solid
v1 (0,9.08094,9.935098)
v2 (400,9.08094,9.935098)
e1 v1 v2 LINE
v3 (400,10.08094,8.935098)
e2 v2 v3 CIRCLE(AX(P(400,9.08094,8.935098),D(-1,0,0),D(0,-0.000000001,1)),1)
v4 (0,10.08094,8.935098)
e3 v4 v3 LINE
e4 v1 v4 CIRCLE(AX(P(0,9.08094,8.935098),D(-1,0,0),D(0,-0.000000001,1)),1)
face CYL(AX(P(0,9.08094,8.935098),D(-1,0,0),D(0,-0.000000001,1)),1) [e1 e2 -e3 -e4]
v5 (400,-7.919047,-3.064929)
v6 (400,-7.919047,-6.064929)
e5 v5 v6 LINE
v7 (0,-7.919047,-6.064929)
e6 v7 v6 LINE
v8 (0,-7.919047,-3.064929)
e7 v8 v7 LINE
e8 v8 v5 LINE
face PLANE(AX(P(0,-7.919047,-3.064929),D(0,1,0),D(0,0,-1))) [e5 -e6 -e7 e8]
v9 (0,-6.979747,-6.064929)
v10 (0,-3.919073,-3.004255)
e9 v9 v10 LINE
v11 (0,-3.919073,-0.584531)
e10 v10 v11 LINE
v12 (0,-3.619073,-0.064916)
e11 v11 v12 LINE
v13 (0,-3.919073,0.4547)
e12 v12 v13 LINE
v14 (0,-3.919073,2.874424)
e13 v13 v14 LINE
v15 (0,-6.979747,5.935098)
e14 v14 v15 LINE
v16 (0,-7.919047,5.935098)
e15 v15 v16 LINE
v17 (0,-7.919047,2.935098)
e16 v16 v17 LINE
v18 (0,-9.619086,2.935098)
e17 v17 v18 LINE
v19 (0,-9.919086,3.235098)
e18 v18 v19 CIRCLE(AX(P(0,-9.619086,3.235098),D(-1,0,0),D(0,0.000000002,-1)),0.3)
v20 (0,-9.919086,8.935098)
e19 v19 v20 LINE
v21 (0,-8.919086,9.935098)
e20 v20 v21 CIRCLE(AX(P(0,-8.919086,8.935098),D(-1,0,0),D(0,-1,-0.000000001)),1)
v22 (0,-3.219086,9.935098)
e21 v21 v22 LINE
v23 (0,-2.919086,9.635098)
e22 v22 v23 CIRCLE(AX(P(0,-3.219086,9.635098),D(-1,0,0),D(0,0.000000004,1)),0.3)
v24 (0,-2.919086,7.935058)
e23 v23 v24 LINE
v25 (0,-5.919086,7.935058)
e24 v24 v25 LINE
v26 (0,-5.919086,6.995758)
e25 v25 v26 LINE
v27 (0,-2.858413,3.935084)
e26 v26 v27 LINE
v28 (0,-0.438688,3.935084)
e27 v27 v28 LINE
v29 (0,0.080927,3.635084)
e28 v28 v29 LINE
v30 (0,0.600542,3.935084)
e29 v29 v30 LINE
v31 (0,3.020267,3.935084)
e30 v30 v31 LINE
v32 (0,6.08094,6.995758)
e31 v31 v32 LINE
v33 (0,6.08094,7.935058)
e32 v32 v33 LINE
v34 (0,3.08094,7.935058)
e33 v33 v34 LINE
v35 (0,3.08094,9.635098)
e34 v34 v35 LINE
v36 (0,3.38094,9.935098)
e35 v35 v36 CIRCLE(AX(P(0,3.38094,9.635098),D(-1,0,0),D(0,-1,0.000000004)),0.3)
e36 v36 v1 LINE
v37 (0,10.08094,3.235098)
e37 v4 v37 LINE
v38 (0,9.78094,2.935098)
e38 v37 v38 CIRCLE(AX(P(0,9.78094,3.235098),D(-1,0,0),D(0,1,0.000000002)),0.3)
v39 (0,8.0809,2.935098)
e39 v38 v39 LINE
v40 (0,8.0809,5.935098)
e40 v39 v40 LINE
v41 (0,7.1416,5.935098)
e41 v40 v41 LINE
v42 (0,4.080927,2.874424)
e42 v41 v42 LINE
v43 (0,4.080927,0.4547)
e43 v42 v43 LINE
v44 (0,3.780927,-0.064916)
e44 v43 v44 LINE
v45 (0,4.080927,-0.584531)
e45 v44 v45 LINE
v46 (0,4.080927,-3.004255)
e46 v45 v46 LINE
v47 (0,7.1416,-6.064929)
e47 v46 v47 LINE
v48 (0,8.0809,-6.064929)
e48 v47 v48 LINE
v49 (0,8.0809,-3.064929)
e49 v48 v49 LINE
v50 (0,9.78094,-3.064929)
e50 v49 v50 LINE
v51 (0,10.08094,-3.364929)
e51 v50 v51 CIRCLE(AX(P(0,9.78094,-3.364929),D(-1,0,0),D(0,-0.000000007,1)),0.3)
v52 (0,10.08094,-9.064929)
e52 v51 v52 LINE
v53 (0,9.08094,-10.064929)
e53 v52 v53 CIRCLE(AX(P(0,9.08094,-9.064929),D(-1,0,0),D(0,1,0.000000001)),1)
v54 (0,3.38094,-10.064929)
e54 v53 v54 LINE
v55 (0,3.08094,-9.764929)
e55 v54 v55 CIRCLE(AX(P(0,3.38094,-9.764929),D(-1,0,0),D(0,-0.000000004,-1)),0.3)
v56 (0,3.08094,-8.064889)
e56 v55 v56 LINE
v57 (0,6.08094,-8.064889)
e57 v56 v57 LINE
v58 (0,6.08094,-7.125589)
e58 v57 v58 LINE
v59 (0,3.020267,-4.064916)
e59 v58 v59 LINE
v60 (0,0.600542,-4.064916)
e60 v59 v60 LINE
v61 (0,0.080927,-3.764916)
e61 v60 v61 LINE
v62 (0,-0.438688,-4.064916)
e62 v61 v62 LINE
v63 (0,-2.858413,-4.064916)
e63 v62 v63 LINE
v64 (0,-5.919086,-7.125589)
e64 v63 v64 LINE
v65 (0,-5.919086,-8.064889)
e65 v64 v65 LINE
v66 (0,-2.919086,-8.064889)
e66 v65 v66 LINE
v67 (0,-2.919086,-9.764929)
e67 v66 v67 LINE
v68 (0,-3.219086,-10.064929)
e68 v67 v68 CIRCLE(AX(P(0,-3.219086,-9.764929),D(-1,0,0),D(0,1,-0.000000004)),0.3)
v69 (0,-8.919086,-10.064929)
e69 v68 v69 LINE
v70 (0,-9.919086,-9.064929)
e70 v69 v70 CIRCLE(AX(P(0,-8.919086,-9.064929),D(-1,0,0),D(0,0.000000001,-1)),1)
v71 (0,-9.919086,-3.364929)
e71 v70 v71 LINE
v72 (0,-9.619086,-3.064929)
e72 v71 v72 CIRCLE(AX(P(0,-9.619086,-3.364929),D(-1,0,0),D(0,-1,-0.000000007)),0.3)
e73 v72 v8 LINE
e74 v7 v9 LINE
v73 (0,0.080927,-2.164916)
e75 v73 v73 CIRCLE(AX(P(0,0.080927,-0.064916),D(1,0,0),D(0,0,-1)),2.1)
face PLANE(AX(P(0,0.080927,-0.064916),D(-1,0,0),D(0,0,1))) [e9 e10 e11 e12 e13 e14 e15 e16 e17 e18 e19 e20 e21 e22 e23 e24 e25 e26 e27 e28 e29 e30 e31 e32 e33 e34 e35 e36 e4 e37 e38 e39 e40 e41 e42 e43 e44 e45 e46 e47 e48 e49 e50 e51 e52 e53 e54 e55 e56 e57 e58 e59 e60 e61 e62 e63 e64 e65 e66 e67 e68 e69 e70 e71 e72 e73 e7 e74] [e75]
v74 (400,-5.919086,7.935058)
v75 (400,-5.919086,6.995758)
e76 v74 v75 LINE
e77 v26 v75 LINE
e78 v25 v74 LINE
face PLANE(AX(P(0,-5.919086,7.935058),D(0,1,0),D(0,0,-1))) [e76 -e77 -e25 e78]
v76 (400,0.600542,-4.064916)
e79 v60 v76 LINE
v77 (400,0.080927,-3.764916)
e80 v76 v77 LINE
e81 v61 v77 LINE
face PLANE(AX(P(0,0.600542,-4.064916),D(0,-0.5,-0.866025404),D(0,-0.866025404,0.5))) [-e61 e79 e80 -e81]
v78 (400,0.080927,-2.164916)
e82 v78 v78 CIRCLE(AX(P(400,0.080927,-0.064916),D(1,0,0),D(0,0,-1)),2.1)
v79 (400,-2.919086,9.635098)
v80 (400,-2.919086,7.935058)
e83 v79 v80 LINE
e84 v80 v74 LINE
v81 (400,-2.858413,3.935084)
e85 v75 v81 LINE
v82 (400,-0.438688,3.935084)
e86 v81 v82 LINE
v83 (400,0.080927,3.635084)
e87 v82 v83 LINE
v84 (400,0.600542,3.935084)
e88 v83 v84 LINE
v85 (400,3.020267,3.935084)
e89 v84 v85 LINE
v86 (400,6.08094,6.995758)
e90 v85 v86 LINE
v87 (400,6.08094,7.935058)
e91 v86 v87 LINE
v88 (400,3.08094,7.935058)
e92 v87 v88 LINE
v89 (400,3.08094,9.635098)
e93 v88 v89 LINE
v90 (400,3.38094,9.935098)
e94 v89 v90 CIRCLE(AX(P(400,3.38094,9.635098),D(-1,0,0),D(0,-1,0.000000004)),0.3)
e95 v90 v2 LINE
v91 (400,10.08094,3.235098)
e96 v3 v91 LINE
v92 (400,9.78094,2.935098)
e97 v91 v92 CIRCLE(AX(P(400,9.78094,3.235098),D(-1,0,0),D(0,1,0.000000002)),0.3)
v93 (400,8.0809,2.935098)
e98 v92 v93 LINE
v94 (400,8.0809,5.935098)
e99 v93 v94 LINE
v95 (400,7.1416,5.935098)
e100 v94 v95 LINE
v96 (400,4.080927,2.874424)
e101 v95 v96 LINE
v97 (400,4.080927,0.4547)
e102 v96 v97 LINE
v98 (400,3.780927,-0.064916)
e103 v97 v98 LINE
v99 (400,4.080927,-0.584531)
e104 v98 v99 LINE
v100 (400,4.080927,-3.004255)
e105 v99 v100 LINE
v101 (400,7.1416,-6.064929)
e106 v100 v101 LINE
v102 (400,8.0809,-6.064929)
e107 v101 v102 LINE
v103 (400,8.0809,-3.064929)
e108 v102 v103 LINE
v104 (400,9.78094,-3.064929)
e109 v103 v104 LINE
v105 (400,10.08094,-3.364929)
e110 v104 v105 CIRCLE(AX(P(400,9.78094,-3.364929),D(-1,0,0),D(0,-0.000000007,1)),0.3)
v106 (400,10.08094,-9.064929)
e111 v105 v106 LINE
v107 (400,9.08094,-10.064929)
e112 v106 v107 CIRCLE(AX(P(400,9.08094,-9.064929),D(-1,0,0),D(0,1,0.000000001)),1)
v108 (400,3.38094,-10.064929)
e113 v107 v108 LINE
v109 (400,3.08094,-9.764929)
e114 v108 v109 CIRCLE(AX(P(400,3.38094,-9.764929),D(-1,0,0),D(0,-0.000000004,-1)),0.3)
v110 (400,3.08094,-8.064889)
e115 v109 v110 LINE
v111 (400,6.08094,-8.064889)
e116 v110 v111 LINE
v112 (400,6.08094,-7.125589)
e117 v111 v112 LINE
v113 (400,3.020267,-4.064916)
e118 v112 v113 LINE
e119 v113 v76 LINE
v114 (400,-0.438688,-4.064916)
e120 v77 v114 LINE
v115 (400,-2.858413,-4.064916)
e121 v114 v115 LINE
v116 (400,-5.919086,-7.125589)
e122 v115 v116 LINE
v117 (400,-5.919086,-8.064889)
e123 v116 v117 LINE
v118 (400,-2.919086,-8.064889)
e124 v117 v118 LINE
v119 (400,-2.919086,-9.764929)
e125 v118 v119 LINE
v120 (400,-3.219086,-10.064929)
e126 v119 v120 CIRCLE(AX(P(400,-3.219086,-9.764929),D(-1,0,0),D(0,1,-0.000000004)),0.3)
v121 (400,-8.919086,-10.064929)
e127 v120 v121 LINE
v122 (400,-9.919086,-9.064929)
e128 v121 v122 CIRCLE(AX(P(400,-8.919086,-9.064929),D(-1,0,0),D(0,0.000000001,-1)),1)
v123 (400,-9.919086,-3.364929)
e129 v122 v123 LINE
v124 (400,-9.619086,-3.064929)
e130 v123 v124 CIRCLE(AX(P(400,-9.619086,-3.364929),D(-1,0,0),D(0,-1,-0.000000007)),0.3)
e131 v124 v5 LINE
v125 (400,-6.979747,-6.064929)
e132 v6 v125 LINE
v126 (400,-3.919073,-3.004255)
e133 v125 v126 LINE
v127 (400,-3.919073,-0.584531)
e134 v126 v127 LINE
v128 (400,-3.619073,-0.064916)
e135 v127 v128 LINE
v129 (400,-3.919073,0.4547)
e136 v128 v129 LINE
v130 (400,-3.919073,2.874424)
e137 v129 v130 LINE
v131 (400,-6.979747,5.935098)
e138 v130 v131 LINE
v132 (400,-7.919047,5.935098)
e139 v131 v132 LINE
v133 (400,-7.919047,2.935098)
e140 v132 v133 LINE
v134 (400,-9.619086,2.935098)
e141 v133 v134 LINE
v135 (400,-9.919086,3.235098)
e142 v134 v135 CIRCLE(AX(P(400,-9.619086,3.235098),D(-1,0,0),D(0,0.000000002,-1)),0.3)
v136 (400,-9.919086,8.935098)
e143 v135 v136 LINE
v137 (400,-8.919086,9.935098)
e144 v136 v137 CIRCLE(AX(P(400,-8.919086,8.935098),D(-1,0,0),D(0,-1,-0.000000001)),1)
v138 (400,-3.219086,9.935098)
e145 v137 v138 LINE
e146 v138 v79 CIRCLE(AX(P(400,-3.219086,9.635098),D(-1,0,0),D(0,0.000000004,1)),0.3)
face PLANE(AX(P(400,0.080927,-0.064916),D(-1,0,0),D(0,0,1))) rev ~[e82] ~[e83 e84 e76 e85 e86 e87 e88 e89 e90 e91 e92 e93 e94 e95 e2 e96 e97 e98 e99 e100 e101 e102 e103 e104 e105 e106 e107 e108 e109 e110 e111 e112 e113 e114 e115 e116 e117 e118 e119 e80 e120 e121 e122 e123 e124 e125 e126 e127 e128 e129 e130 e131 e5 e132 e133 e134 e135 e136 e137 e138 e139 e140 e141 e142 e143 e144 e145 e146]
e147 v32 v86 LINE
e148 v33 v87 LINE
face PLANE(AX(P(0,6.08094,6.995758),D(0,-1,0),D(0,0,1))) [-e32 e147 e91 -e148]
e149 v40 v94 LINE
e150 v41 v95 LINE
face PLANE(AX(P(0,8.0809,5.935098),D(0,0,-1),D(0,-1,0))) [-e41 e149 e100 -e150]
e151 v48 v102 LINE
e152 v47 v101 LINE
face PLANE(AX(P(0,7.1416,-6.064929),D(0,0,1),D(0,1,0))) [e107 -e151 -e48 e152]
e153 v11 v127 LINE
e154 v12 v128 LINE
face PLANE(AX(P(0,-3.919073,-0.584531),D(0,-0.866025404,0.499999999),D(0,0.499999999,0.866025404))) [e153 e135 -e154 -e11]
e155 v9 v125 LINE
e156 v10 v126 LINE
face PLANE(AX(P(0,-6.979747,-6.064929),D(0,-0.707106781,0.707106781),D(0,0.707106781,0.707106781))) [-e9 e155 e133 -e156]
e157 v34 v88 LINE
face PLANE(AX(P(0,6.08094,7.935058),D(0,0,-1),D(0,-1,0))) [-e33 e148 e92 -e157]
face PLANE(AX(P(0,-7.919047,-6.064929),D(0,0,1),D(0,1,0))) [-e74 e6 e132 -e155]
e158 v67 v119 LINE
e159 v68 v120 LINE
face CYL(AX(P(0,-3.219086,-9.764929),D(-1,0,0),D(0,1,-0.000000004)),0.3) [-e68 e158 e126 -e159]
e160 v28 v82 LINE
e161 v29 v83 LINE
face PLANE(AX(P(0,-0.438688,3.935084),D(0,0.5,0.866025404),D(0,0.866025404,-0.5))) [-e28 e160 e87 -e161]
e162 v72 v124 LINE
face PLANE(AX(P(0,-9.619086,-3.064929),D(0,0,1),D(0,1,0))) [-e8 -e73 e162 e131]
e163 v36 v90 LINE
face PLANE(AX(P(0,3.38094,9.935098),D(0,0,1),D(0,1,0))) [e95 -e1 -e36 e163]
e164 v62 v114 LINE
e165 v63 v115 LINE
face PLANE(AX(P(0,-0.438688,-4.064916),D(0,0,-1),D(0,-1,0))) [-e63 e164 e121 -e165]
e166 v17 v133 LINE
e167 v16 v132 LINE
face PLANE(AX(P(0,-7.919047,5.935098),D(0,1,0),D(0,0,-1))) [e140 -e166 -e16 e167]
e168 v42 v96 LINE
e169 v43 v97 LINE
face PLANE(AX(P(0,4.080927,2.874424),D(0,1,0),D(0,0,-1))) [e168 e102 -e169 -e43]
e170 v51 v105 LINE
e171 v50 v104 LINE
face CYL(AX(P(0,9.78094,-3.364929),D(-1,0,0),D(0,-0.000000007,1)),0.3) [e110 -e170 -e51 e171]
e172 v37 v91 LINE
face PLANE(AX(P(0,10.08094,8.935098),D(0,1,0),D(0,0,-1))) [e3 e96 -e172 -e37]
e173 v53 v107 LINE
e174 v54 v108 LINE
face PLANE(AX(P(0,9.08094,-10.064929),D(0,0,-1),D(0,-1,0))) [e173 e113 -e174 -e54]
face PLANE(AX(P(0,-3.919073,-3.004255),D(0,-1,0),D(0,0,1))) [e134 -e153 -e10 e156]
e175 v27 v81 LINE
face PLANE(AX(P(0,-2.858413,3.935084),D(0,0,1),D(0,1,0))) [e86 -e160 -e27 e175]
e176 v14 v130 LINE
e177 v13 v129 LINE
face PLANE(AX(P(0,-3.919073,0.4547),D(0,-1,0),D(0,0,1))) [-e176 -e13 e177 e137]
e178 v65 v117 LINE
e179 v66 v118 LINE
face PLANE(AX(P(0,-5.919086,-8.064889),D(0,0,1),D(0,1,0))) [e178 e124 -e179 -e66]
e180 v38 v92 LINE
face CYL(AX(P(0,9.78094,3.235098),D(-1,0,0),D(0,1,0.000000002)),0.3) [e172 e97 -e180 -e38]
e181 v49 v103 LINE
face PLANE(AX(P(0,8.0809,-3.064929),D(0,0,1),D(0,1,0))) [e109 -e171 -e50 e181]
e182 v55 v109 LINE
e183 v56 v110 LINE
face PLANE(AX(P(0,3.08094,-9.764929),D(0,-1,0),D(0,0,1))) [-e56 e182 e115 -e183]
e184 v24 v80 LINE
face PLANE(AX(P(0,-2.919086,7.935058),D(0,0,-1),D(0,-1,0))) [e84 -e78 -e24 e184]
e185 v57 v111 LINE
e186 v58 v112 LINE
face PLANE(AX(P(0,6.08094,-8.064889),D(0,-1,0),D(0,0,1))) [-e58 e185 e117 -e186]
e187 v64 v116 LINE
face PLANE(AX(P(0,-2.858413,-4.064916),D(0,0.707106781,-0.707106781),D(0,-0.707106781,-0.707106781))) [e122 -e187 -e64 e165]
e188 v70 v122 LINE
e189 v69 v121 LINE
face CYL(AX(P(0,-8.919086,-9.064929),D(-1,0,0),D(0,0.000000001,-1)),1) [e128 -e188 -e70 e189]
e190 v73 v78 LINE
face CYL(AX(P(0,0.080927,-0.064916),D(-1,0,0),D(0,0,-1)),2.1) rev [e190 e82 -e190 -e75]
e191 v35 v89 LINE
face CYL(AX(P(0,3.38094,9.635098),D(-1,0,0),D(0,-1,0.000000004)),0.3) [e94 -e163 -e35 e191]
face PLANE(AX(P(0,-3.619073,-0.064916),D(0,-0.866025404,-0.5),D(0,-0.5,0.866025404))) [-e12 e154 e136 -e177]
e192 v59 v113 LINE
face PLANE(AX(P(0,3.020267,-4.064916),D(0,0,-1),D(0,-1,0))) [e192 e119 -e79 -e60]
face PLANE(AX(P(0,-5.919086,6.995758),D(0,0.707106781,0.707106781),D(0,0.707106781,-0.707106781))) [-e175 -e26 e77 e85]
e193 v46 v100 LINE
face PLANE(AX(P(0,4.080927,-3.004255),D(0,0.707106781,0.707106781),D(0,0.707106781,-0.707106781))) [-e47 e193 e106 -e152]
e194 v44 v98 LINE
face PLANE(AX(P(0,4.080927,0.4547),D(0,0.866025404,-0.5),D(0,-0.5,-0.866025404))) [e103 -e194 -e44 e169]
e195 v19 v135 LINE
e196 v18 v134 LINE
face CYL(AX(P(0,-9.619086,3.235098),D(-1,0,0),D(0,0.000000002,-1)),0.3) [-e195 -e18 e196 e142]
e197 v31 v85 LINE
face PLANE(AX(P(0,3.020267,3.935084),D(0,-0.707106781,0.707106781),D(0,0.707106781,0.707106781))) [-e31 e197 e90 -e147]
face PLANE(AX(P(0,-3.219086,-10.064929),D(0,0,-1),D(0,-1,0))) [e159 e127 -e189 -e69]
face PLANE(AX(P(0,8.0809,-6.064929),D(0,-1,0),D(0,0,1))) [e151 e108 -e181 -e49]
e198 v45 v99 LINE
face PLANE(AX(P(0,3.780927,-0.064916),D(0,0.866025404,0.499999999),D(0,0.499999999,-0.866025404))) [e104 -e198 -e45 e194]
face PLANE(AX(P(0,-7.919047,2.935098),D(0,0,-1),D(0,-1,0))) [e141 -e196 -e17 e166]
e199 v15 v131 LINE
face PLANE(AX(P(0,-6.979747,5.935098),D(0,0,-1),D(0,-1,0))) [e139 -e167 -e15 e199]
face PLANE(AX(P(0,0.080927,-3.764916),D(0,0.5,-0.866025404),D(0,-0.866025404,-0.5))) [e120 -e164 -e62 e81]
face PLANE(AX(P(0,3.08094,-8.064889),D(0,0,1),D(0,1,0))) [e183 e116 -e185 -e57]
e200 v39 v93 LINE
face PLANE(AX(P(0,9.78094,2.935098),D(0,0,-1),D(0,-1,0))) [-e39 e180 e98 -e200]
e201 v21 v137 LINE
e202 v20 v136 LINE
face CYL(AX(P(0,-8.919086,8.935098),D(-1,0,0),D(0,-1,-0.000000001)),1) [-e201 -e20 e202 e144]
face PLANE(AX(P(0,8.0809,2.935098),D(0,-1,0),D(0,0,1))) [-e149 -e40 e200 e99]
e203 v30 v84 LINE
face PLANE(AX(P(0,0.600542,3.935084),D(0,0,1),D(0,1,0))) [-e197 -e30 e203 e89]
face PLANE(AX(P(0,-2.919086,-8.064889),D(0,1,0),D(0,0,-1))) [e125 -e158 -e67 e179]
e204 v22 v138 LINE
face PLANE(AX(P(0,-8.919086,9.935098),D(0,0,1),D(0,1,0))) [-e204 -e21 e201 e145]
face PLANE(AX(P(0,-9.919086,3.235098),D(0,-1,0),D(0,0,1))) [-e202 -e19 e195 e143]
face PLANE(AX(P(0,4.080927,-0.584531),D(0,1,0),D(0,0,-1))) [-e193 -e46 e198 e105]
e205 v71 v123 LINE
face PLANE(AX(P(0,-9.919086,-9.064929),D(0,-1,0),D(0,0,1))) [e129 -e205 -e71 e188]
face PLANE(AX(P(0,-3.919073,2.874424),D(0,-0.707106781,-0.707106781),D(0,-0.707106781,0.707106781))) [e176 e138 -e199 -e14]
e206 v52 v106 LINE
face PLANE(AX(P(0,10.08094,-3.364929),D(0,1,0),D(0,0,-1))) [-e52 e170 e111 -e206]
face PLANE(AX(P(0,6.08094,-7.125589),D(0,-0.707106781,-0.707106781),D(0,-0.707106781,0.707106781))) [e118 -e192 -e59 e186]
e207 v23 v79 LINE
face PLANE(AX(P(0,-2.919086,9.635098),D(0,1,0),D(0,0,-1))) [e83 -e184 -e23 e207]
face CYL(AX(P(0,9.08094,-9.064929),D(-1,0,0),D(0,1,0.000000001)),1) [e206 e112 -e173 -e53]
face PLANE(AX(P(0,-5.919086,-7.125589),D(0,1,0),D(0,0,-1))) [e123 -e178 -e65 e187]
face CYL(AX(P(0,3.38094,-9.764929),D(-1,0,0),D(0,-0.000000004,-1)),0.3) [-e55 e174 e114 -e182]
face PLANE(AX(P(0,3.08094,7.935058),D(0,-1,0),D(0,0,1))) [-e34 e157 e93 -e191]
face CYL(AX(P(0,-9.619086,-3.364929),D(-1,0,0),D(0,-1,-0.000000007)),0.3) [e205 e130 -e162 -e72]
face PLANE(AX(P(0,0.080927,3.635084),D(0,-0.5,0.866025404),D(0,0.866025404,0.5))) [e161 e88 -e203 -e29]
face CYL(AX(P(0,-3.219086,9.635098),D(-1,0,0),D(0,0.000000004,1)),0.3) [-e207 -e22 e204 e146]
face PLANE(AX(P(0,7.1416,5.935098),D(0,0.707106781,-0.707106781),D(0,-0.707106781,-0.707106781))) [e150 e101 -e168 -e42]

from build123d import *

# Parameters (mm, degrees)
SKETCH1_R           = 2.1
BOSS_EXTRUDE1_DEPTH = 400


with BuildPart() as part:
    # Sketch1 → Boss-Extrude1 (new body)
    with BuildSketch(Plane(origin=(0, 0, 0), x_dir=(0, 0, -1), z_dir=(1, 0, 0))):
        with BuildLine():
            Line((-9.935097613, 3.380939919), (-9.935097613, 9.080939919))
            ThreePointArc((-9.935097613, 9.080939919), (-9.642204394, 9.788046701), (-8.935097613, 10.080939919))
            Line((-8.935097613, 10.080939919), (-3.235097613, 10.080939919))
            ThreePointArc((-3.235097613, 10.080939919), (-3.022965579, 9.993071954), (-2.935097613, 9.780939919))
            Line((-2.935097613, 9.780939919), (-2.935097613, 8.080900091))
            Line((-2.935097613, 8.080900091), (-5.935097613, 8.080900091))
            Line((-5.935097613, 8.080900091), (-5.935097613, 7.141600091))
            Line((-5.935097613, 7.141600091), (-2.874424271, 4.080926749))
            Line((-2.874424271, 4.080926749), (-0.454699685, 4.080926749))
            Line((-0.454699685, 4.080926749), (0.064915557, 3.780926749))
            Line((0.064915557, 3.780926749), (0.5845308, 4.080926749))
            Line((0.5845308, 4.080926749), (3.004255385, 4.080926749))
            Line((3.004255385, 4.080926749), (6.064928728, 7.141600091))
            Line((6.064928728, 7.141600091), (6.064928728, 8.080900091))
            Line((6.064928728, 8.080900091), (3.064928728, 8.080900091))
            Line((3.064928728, 8.080900091), (3.064928728, 9.780939919))
            ThreePointArc((3.064928728, 9.780939919), (3.152796693, 9.993071954), (3.364928728, 10.080939919))
            Line((3.364928728, 10.080939919), (9.064928728, 10.080939919))
            ThreePointArc((9.064928728, 10.080939919), (9.772035509, 9.788046701), (10.064928728, 9.080939919))
            Line((10.064928728, 9.080939919), (10.064928728, 3.380939919))
            ThreePointArc((10.064928728, 3.380939919), (9.977060762, 3.168807885), (9.764928728, 3.080939919))
            Line((9.764928728, 3.080939919), (8.064888899, 3.080939919))
            Line((8.064888899, 3.080939919), (8.064888899, 6.080939919))
            Line((8.064888899, 6.080939919), (7.125588899, 6.080939919))
            Line((7.125588899, 6.080939919), (4.064915557, 3.020266577))
            Line((4.064915557, 3.020266577), (4.064915557, 0.600541991))
            Line((4.064915557, 0.600541991), (3.764915557, 0.080926749))
            Line((3.764915557, 0.080926749), (4.064915557, -0.438688493))
            Line((4.064915557, -0.438688493), (4.064915557, -2.858413079))
            Line((4.064915557, -2.858413079), (7.125588899, -5.919086421))
            Line((7.125588899, -5.919086421), (8.064888899, -5.919086421))
            Line((8.064888899, -5.919086421), (8.064888899, -2.919086421))
            Line((8.064888899, -2.919086421), (9.764928728, -2.919086421))
            ThreePointArc((9.764928728, -2.919086421), (9.977060762, -3.006954387), (10.064928728, -3.219086421))
            Line((10.064928728, -3.219086421), (10.064928728, -8.919086421))
            ThreePointArc((10.064928728, -8.919086421), (9.772035509, -9.626193203), (9.064928728, -9.919086421))
            Line((9.064928728, -9.919086421), (3.364928728, -9.919086421))
            ThreePointArc((3.364928728, -9.919086421), (3.152796693, -9.831218456), (3.064928728, -9.619086421))
            Line((3.064928728, -9.619086421), (3.064928728, -7.919046593))
            Line((3.064928728, -7.919046593), (6.064928728, -7.919046593))
            Line((6.064928728, -7.919046593), (6.064928728, -6.979746593))
            Line((6.064928728, -6.979746593), (3.004255385, -3.919073251))
            Line((3.004255385, -3.919073251), (0.5845308, -3.919073251))
            Line((0.5845308, -3.919073251), (0.064915557, -3.619073251))
            Line((0.064915557, -3.619073251), (-0.454699685, -3.919073251))
            Line((-0.454699685, -3.919073251), (-2.874424271, -3.919073251))
            Line((-2.874424271, -3.919073251), (-5.935097613, -6.979746593))
            Line((-5.935097613, -6.979746593), (-5.935097613, -7.919046593))
            Line((-5.935097613, -7.919046593), (-2.935097613, -7.919046593))
            Line((-2.935097613, -7.919046593), (-2.935097613, -9.619086421))
            ThreePointArc((-2.935097613, -9.619086421), (-3.022965579, -9.831218456), (-3.235097613, -9.919086421))
            Line((-3.235097613, -9.919086421), (-8.935097613, -9.919086421))
            ThreePointArc((-8.935097613, -9.919086421), (-9.642204394, -9.626193203), (-9.935097613, -8.919086421))
            Line((-9.935097613, -8.919086421), (-9.935097613, -3.219086421))
            ThreePointArc((-9.935097613, -3.219086421), (-9.847229647, -3.006954387), (-9.635097613, -2.919086421))
            Line((-9.635097613, -2.919086421), (-7.935057785, -2.919086421))
            Line((-7.935057785, -2.919086421), (-7.935057785, -5.919086421))
            Line((-7.935057785, -5.919086421), (-6.995757785, -5.919086421))
            Line((-6.995757785, -5.919086421), (-3.935084443, -2.858413079))
            Line((-3.935084443, -2.858413079), (-3.935084443, -0.438688493))
            Line((-3.935084443, -0.438688493), (-3.635084443, 0.080926749))
            Line((-3.635084443, 0.080926749), (-3.935084443, 0.600541991))
            Line((-3.935084443, 0.600541991), (-3.935084443, 3.020266577))
            Line((-3.935084443, 3.020266577), (-6.995757785, 6.080939919))
            Line((-6.995757785, 6.080939919), (-7.935057785, 6.080939919))
            Line((-7.935057785, 6.080939919), (-7.935057785, 3.080939919))
            Line((-7.935057785, 3.080939919), (-9.635097613, 3.080939919))
            ThreePointArc((-9.635097613, 3.080939919), (-9.847229647, 3.168807885), (-9.935097613, 3.380939919))
        make_face()
        with Locations((0.064915557, 0.080926749)):
            Circle(SKETCH1_R, mode=Mode.SUBTRACT)
    extrude(amount=BOSS_EXTRUDE1_DEPTH)


solid = part.part
